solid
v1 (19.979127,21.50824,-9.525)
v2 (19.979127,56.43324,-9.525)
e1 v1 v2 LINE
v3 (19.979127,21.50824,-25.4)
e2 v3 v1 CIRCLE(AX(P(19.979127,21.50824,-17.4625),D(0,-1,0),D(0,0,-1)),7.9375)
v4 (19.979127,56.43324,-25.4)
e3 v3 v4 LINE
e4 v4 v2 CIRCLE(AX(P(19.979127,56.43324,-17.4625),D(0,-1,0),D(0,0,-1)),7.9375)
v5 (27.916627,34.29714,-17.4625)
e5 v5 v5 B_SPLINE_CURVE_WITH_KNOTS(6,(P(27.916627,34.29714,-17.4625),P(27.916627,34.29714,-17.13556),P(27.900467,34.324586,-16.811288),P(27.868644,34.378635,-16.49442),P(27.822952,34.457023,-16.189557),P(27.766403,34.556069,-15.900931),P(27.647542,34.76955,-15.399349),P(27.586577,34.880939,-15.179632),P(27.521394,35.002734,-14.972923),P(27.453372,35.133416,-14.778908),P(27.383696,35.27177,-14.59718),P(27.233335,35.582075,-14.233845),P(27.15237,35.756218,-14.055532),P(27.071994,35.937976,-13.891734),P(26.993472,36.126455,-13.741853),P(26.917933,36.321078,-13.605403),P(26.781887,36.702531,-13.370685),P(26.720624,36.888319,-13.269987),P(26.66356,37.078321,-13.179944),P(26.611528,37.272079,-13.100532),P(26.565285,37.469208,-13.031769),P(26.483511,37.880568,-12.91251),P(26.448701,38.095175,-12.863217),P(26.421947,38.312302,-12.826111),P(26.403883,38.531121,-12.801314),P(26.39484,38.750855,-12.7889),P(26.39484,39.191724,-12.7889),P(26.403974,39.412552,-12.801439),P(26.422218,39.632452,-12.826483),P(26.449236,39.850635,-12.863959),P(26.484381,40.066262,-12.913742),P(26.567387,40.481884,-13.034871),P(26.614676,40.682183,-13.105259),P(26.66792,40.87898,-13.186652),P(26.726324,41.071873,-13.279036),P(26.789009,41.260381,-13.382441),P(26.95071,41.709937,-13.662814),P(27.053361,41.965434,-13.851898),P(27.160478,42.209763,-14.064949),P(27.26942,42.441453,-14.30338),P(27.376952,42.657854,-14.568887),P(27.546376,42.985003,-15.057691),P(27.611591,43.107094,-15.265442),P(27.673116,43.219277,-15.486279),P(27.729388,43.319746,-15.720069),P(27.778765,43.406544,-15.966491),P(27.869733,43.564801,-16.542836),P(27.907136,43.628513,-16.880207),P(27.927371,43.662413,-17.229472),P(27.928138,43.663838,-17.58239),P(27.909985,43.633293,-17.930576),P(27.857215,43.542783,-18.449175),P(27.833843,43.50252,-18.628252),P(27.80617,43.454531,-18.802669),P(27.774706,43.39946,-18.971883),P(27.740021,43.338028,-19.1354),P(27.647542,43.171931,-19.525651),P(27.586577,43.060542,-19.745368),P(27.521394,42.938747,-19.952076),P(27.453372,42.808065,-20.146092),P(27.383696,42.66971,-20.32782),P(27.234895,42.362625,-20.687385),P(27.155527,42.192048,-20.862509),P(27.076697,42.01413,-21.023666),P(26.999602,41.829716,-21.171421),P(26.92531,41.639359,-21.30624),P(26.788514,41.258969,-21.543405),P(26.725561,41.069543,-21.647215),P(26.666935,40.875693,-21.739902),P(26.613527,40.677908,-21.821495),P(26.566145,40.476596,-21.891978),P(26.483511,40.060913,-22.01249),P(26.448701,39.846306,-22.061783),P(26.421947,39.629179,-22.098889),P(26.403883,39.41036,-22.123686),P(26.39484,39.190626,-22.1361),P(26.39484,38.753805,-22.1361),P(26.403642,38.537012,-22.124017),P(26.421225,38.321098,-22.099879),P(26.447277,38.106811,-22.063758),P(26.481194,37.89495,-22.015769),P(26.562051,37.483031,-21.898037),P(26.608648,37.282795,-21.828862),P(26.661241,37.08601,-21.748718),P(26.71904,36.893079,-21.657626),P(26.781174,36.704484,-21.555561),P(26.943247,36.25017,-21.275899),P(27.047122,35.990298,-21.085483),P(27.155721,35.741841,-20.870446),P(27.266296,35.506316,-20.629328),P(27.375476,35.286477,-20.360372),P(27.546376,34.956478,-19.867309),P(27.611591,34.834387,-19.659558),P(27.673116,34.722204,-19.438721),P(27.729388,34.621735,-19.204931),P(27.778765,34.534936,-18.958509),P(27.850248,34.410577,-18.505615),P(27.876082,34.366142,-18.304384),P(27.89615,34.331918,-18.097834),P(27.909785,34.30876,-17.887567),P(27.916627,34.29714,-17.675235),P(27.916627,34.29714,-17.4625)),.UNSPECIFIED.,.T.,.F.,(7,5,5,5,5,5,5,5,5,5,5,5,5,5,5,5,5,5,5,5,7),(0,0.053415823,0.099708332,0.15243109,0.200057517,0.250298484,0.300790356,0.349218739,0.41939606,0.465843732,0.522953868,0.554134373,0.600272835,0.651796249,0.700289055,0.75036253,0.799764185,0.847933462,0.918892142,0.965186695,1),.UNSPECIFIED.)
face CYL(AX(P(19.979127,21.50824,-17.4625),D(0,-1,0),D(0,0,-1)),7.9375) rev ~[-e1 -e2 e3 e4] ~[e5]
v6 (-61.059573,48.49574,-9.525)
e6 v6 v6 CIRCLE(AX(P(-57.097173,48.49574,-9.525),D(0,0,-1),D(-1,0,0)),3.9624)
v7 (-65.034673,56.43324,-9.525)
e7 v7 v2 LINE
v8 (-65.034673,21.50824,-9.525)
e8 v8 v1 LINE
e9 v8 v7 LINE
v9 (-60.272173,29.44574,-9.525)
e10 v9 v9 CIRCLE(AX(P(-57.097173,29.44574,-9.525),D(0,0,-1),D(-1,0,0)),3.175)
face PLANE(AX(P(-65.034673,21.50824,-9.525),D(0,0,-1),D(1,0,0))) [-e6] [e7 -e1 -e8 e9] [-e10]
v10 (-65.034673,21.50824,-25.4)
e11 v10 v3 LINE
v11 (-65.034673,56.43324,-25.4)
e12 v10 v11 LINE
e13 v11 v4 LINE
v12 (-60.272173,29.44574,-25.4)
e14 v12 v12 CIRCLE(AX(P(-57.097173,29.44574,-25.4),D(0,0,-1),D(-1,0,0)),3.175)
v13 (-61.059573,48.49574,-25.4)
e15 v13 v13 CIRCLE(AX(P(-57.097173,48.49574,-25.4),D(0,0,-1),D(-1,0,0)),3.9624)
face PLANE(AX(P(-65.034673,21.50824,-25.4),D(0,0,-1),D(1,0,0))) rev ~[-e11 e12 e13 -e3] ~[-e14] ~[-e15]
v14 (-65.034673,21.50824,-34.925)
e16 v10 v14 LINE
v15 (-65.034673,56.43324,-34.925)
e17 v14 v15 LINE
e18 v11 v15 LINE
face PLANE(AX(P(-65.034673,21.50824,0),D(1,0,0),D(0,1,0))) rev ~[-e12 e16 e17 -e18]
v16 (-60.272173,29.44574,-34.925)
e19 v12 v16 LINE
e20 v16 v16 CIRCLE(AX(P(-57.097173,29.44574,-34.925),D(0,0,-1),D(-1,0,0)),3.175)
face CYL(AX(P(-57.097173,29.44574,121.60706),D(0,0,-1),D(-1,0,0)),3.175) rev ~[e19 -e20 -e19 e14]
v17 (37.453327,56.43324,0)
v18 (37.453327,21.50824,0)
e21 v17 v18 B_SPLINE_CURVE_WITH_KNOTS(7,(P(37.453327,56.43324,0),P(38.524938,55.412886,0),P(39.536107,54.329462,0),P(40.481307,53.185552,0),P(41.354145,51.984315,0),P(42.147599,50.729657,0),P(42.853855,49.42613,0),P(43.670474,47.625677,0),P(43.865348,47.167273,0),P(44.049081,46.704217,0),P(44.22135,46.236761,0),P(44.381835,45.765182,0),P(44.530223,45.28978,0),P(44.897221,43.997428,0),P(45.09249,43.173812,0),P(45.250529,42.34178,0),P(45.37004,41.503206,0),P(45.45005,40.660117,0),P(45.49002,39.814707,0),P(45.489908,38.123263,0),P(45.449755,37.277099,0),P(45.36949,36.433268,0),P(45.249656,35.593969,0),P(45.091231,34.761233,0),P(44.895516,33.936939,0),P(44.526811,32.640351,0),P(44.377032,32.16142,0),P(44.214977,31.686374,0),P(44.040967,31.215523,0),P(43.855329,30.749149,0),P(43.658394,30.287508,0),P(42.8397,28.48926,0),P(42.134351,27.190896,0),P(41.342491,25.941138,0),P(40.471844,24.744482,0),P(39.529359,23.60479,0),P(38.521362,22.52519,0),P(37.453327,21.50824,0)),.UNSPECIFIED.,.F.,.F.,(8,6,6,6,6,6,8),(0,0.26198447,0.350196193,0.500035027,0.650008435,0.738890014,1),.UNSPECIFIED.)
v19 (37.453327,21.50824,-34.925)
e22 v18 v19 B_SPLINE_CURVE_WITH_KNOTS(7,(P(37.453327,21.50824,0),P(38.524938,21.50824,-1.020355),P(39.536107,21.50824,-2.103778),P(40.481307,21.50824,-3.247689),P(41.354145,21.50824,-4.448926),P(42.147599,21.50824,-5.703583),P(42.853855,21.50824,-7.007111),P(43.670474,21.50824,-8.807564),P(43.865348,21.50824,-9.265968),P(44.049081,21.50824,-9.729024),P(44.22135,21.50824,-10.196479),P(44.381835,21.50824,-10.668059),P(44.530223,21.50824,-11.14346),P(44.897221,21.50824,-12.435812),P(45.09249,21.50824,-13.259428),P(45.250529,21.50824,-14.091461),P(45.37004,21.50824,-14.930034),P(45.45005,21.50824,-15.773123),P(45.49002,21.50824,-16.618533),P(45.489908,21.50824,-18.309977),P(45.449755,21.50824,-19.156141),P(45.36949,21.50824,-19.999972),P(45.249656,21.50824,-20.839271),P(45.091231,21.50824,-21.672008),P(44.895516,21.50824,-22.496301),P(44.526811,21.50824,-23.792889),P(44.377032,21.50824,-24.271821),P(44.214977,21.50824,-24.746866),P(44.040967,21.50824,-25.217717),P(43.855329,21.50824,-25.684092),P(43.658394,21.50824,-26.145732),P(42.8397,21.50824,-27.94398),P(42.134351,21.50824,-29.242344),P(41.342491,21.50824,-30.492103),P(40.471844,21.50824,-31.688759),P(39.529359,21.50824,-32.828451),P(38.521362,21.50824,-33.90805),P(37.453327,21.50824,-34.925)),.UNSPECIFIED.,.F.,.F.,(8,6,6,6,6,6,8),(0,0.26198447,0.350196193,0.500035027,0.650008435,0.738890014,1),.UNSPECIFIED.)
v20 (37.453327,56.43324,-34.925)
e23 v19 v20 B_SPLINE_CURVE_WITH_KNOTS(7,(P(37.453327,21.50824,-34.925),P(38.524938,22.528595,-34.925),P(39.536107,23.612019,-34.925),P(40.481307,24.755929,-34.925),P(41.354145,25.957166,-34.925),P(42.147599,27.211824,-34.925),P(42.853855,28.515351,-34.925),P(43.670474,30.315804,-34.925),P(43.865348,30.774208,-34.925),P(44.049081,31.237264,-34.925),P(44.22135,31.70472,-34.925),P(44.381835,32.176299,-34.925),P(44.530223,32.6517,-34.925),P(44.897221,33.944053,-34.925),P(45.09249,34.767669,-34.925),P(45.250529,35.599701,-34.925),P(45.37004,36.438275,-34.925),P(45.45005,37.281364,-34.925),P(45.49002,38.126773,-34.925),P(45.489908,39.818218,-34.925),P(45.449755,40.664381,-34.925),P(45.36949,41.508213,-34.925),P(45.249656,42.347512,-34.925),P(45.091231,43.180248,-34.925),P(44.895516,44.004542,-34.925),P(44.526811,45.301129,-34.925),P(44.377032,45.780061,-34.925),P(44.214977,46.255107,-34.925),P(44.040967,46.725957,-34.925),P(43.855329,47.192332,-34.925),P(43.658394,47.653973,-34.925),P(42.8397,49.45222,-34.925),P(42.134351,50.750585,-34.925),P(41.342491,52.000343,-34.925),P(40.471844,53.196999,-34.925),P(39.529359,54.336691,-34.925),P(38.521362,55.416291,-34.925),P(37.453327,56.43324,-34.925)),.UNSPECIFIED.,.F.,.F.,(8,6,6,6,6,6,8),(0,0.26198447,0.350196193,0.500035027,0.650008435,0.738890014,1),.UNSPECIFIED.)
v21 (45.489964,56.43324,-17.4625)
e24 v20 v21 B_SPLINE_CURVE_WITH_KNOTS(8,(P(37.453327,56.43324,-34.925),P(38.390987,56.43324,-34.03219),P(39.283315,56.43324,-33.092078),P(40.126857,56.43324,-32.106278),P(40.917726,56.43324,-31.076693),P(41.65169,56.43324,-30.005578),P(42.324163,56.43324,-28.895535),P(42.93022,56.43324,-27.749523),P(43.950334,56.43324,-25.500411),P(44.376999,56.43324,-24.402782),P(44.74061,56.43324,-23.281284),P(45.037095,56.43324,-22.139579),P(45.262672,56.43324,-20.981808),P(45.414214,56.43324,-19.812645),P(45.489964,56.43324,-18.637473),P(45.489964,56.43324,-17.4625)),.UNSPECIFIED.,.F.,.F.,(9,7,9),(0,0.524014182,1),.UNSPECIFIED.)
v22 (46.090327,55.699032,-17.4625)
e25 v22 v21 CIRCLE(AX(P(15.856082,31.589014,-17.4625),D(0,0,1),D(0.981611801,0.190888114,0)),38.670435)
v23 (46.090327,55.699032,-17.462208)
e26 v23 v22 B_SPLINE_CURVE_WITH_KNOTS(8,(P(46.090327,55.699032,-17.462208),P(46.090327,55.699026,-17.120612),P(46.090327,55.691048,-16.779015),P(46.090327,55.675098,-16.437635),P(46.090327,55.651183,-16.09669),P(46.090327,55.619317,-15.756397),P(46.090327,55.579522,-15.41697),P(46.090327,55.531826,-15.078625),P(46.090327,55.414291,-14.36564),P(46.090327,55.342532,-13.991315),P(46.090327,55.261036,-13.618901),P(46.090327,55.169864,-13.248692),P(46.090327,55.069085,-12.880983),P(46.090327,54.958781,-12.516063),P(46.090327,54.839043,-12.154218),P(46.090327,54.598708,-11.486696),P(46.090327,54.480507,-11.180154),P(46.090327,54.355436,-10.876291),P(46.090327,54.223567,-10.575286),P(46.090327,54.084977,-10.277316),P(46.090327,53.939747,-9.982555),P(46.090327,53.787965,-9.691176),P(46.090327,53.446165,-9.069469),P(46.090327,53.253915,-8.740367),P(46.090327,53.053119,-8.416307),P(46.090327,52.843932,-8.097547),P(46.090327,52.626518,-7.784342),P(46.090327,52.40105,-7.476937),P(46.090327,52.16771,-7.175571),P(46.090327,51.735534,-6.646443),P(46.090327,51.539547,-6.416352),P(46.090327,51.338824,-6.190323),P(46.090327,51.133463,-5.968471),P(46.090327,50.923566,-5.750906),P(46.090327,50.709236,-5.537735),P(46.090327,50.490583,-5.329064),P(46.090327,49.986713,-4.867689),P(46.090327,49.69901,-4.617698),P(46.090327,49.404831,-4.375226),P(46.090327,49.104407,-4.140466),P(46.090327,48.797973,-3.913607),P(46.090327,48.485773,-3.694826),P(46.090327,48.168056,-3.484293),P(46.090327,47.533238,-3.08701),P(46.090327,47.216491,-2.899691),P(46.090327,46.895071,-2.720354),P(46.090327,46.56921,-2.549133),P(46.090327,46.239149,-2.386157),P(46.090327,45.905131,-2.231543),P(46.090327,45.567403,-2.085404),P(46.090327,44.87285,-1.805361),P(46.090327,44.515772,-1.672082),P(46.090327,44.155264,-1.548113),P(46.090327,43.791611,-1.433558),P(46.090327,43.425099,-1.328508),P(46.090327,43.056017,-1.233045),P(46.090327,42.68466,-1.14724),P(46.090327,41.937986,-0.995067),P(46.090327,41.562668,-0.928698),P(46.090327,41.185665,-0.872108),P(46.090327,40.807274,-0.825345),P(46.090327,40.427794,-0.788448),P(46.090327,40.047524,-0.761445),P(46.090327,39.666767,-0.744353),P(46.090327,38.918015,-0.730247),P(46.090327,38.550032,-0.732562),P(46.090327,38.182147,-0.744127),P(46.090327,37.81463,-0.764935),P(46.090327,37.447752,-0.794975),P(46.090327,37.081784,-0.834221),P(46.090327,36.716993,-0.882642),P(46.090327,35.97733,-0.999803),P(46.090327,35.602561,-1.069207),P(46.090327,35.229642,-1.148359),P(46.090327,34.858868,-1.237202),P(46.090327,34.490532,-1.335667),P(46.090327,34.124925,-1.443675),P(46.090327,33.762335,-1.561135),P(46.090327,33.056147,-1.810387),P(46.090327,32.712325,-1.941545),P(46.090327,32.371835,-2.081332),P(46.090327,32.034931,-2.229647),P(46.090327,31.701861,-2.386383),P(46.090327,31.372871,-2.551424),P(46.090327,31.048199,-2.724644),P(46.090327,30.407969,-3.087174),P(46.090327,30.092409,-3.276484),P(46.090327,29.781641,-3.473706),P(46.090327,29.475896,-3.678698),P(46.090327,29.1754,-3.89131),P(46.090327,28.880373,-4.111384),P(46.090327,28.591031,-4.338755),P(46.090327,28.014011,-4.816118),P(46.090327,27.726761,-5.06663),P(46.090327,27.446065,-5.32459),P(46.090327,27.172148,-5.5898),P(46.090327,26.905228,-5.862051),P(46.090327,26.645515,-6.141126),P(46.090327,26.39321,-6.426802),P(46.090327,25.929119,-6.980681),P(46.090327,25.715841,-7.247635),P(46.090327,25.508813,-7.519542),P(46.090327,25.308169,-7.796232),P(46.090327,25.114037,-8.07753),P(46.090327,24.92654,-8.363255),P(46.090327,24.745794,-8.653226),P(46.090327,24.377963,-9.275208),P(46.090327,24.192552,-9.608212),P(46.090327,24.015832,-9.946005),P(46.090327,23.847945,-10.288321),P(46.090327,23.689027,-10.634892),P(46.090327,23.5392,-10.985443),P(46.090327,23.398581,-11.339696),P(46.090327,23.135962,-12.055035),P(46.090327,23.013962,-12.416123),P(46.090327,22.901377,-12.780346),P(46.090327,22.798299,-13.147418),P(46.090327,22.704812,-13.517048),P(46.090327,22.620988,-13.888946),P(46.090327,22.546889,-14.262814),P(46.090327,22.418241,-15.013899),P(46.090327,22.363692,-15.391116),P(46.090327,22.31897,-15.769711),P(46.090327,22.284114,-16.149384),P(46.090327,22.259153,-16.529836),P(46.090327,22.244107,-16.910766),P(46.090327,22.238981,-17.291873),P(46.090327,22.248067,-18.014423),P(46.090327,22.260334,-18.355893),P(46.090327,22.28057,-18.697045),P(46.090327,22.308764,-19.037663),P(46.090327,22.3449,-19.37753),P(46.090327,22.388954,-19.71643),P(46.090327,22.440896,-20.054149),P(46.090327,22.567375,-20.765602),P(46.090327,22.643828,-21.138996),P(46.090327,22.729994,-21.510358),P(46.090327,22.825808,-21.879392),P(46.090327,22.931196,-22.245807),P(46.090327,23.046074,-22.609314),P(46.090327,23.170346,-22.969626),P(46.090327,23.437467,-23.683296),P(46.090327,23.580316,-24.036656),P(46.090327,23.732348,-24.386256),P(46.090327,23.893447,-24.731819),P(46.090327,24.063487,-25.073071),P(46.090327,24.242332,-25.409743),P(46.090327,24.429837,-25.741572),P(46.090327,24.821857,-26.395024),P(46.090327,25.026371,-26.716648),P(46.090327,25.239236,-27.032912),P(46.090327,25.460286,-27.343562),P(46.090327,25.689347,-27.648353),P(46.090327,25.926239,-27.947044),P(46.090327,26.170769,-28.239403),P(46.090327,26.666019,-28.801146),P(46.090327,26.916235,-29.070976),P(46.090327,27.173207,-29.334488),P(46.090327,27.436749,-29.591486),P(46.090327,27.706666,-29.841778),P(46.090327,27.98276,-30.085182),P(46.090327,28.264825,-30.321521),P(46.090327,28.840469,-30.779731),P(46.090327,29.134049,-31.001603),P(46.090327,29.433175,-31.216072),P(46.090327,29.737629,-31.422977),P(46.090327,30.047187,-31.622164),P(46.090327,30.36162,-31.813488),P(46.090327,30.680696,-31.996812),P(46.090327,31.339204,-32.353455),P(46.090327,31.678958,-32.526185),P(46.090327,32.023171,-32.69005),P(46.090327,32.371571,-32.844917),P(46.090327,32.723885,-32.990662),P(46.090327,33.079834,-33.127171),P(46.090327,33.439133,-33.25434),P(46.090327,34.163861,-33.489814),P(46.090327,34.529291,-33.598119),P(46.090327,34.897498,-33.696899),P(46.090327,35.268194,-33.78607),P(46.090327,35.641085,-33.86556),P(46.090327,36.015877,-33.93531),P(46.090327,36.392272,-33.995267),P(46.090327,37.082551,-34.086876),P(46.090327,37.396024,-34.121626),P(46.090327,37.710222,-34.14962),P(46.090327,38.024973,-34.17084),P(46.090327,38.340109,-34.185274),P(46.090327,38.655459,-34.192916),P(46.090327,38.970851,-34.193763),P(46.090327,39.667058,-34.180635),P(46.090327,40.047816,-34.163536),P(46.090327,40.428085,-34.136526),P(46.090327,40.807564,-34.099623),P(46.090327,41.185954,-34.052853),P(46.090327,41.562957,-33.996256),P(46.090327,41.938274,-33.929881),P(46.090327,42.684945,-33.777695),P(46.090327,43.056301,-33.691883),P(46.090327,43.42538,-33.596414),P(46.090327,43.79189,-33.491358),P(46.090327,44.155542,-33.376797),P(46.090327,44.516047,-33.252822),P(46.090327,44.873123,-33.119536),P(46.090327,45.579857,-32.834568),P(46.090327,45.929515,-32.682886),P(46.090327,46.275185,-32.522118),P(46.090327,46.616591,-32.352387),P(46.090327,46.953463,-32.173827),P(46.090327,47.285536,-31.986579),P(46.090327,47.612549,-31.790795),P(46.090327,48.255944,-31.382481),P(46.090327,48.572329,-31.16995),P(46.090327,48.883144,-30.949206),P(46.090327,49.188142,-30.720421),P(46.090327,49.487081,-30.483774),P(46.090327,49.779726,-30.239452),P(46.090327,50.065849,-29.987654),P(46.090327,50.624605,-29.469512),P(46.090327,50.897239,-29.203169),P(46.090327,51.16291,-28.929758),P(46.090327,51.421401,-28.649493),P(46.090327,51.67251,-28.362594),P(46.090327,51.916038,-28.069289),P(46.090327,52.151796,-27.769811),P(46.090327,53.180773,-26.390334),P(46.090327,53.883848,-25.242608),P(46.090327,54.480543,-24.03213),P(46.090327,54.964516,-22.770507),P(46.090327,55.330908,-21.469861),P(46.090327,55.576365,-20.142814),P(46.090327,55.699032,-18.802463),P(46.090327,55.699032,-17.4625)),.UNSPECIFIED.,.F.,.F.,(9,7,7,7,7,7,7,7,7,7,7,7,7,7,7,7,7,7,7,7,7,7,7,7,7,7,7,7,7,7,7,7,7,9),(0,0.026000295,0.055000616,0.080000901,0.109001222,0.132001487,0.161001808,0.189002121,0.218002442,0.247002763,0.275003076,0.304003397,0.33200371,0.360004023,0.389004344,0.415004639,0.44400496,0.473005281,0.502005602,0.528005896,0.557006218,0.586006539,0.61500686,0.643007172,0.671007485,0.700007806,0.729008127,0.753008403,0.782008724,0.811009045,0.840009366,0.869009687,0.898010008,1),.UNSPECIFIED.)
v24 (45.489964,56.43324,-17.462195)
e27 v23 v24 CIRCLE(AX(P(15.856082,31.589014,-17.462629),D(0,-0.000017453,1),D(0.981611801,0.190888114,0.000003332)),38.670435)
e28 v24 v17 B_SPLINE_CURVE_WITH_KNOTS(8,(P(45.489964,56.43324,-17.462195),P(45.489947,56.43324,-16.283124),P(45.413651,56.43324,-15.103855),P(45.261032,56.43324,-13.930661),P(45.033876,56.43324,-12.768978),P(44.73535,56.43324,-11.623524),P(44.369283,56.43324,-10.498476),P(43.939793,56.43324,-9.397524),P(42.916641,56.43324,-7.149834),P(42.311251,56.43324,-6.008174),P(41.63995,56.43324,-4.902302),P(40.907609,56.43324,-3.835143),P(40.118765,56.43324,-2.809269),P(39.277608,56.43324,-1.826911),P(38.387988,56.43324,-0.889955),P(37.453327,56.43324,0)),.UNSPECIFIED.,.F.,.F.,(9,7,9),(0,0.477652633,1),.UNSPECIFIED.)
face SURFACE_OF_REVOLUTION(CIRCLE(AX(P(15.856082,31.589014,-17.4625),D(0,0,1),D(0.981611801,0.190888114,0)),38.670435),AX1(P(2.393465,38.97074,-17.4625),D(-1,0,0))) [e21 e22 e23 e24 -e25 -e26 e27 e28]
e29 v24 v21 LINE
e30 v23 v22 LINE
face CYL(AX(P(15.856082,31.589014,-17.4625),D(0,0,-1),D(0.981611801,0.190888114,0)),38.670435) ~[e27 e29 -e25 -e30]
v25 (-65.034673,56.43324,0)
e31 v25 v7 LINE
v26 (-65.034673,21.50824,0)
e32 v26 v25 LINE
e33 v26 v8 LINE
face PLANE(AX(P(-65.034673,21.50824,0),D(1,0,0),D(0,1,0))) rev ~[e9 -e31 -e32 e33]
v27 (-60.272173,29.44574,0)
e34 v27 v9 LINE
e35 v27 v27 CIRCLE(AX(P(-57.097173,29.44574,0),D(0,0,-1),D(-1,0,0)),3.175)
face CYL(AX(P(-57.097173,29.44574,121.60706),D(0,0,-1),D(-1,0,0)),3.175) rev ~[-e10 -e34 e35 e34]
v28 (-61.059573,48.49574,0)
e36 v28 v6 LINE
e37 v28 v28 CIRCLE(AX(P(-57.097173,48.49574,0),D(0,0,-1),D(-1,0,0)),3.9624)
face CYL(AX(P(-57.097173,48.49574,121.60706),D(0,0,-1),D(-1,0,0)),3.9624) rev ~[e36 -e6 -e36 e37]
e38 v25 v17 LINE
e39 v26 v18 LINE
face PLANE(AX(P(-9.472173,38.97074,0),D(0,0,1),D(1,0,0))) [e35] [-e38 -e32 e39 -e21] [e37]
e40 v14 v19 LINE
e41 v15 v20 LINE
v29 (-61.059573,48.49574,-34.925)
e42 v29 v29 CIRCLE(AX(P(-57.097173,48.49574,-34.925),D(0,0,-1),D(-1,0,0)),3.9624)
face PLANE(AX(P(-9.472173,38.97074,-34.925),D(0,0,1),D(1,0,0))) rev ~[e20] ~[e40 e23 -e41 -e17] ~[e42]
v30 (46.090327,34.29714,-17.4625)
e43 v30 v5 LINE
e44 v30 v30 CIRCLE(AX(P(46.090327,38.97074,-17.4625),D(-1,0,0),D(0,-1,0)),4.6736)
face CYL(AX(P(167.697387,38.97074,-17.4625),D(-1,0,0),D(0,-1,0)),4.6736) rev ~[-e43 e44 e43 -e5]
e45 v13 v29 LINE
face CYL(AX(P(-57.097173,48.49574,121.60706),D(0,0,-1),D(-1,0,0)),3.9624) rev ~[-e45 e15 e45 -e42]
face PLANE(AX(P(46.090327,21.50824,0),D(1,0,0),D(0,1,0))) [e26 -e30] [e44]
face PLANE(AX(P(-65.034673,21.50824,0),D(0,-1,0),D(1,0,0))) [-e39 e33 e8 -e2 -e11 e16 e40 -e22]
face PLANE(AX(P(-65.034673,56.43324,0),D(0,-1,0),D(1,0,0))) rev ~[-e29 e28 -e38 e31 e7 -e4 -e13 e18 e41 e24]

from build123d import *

# Parameters (mm, degrees)
F0_W     = 111.125
F0_H     = 34.925
F1_DEPTH = 34.925
F2_W     = 85.0138
F2_H     = 15.875
F3_DEPTH = 50.8
F6_ANGLE = 359.999
F8_D     = 9.3472
F9_DEPTH = 25.4
F11_D    = 6.35
F12_D    = 7.9248


with BuildPart() as f1:
    # F0 (on Top) → F1 (new body)
    with BuildSketch(Plane.XY):
        with Locations((-9.4721727073, 38.9707404039)):
            Rectangle(F0_W, F0_H)
    extrude(amount=-F1_DEPTH)

    # F2 (on face) → F3 (cut)
    with BuildSketch(Plane.XZ.offset(-21.5082404039)):
        with Locations((-22.5277727073, -17.4625)):
            Rectangle(F2_W, F2_H)
        with BuildLine():
            ThreePointArc((19.9791272927, -25.4), (27.9166272927, -17.4625), (19.9791272927, -9.525))
            Line((19.9791272927, -9.525), (19.9791272927, -25.4))
        make_face()
    extrude(amount=-F3_DEPTH, mode=Mode.SUBTRACT)

    # F5 (on mid) → F6 (revolve, cut)
    with BuildSketch(Plane(origin=(0, 0, -17.4625), x_dir=(1, 0, 0), z_dir=(0, 0, -1))):
        with BuildLine():
            ThreePointArc((53.8154372194, -38.9707404039), (47.2657750376, -54.1463569055), (34.9778272927, -65.2009374547))
            Line((34.9778272927, -65.2009374547), (53.8154372194, -65.2009374547))
            Line((53.8154372194, -65.2009374547), (53.8154372194, -38.9707404039))
        make_face()
    revolve(axis=Axis((2.3934654891, 38.9707404039, -17.4625), (-1, 0, 0)), revolution_arc=F6_ANGLE, mode=Mode.SUBTRACT)

    # F8 (through all)
    with Locations(Plane.YZ.offset(46.0903272927)):
        with Locations((38.9707404039, -17.4625)):
            Hole(F8_D / 2)

    # F5 (on mid) → F9 (cut)
    with BuildSketch(Plane(origin=(0, 0, -17.4625), x_dir=(1, 0, 0), z_dir=(0, 0, -1))):
        with BuildLine():
            ThreePointArc((53.8154372194, -38.9707404039), (47.2657750376, -54.1463569055), (34.9778272927, -65.2009374547))
            Line((34.9778272927, -65.2009374547), (53.8154372194, -65.2009374547))
            Line((53.8154372194, -65.2009374547), (53.8154372194, -38.9707404039))
        make_face()
    extrude(amount=-F9_DEPTH, mode=Mode.SUBTRACT)

    # F11 (through all)
    with Locations(Plane.XY):
        with Locations((-57.0971727073, 29.4457404039)):
            Hole(F11_D / 2)

    # F12 (through all)
    with Locations(Plane.XY):
        with Locations((-57.0971727073, 48.4957404039)):
            Hole(F12_D / 2)


solid = f1.part
